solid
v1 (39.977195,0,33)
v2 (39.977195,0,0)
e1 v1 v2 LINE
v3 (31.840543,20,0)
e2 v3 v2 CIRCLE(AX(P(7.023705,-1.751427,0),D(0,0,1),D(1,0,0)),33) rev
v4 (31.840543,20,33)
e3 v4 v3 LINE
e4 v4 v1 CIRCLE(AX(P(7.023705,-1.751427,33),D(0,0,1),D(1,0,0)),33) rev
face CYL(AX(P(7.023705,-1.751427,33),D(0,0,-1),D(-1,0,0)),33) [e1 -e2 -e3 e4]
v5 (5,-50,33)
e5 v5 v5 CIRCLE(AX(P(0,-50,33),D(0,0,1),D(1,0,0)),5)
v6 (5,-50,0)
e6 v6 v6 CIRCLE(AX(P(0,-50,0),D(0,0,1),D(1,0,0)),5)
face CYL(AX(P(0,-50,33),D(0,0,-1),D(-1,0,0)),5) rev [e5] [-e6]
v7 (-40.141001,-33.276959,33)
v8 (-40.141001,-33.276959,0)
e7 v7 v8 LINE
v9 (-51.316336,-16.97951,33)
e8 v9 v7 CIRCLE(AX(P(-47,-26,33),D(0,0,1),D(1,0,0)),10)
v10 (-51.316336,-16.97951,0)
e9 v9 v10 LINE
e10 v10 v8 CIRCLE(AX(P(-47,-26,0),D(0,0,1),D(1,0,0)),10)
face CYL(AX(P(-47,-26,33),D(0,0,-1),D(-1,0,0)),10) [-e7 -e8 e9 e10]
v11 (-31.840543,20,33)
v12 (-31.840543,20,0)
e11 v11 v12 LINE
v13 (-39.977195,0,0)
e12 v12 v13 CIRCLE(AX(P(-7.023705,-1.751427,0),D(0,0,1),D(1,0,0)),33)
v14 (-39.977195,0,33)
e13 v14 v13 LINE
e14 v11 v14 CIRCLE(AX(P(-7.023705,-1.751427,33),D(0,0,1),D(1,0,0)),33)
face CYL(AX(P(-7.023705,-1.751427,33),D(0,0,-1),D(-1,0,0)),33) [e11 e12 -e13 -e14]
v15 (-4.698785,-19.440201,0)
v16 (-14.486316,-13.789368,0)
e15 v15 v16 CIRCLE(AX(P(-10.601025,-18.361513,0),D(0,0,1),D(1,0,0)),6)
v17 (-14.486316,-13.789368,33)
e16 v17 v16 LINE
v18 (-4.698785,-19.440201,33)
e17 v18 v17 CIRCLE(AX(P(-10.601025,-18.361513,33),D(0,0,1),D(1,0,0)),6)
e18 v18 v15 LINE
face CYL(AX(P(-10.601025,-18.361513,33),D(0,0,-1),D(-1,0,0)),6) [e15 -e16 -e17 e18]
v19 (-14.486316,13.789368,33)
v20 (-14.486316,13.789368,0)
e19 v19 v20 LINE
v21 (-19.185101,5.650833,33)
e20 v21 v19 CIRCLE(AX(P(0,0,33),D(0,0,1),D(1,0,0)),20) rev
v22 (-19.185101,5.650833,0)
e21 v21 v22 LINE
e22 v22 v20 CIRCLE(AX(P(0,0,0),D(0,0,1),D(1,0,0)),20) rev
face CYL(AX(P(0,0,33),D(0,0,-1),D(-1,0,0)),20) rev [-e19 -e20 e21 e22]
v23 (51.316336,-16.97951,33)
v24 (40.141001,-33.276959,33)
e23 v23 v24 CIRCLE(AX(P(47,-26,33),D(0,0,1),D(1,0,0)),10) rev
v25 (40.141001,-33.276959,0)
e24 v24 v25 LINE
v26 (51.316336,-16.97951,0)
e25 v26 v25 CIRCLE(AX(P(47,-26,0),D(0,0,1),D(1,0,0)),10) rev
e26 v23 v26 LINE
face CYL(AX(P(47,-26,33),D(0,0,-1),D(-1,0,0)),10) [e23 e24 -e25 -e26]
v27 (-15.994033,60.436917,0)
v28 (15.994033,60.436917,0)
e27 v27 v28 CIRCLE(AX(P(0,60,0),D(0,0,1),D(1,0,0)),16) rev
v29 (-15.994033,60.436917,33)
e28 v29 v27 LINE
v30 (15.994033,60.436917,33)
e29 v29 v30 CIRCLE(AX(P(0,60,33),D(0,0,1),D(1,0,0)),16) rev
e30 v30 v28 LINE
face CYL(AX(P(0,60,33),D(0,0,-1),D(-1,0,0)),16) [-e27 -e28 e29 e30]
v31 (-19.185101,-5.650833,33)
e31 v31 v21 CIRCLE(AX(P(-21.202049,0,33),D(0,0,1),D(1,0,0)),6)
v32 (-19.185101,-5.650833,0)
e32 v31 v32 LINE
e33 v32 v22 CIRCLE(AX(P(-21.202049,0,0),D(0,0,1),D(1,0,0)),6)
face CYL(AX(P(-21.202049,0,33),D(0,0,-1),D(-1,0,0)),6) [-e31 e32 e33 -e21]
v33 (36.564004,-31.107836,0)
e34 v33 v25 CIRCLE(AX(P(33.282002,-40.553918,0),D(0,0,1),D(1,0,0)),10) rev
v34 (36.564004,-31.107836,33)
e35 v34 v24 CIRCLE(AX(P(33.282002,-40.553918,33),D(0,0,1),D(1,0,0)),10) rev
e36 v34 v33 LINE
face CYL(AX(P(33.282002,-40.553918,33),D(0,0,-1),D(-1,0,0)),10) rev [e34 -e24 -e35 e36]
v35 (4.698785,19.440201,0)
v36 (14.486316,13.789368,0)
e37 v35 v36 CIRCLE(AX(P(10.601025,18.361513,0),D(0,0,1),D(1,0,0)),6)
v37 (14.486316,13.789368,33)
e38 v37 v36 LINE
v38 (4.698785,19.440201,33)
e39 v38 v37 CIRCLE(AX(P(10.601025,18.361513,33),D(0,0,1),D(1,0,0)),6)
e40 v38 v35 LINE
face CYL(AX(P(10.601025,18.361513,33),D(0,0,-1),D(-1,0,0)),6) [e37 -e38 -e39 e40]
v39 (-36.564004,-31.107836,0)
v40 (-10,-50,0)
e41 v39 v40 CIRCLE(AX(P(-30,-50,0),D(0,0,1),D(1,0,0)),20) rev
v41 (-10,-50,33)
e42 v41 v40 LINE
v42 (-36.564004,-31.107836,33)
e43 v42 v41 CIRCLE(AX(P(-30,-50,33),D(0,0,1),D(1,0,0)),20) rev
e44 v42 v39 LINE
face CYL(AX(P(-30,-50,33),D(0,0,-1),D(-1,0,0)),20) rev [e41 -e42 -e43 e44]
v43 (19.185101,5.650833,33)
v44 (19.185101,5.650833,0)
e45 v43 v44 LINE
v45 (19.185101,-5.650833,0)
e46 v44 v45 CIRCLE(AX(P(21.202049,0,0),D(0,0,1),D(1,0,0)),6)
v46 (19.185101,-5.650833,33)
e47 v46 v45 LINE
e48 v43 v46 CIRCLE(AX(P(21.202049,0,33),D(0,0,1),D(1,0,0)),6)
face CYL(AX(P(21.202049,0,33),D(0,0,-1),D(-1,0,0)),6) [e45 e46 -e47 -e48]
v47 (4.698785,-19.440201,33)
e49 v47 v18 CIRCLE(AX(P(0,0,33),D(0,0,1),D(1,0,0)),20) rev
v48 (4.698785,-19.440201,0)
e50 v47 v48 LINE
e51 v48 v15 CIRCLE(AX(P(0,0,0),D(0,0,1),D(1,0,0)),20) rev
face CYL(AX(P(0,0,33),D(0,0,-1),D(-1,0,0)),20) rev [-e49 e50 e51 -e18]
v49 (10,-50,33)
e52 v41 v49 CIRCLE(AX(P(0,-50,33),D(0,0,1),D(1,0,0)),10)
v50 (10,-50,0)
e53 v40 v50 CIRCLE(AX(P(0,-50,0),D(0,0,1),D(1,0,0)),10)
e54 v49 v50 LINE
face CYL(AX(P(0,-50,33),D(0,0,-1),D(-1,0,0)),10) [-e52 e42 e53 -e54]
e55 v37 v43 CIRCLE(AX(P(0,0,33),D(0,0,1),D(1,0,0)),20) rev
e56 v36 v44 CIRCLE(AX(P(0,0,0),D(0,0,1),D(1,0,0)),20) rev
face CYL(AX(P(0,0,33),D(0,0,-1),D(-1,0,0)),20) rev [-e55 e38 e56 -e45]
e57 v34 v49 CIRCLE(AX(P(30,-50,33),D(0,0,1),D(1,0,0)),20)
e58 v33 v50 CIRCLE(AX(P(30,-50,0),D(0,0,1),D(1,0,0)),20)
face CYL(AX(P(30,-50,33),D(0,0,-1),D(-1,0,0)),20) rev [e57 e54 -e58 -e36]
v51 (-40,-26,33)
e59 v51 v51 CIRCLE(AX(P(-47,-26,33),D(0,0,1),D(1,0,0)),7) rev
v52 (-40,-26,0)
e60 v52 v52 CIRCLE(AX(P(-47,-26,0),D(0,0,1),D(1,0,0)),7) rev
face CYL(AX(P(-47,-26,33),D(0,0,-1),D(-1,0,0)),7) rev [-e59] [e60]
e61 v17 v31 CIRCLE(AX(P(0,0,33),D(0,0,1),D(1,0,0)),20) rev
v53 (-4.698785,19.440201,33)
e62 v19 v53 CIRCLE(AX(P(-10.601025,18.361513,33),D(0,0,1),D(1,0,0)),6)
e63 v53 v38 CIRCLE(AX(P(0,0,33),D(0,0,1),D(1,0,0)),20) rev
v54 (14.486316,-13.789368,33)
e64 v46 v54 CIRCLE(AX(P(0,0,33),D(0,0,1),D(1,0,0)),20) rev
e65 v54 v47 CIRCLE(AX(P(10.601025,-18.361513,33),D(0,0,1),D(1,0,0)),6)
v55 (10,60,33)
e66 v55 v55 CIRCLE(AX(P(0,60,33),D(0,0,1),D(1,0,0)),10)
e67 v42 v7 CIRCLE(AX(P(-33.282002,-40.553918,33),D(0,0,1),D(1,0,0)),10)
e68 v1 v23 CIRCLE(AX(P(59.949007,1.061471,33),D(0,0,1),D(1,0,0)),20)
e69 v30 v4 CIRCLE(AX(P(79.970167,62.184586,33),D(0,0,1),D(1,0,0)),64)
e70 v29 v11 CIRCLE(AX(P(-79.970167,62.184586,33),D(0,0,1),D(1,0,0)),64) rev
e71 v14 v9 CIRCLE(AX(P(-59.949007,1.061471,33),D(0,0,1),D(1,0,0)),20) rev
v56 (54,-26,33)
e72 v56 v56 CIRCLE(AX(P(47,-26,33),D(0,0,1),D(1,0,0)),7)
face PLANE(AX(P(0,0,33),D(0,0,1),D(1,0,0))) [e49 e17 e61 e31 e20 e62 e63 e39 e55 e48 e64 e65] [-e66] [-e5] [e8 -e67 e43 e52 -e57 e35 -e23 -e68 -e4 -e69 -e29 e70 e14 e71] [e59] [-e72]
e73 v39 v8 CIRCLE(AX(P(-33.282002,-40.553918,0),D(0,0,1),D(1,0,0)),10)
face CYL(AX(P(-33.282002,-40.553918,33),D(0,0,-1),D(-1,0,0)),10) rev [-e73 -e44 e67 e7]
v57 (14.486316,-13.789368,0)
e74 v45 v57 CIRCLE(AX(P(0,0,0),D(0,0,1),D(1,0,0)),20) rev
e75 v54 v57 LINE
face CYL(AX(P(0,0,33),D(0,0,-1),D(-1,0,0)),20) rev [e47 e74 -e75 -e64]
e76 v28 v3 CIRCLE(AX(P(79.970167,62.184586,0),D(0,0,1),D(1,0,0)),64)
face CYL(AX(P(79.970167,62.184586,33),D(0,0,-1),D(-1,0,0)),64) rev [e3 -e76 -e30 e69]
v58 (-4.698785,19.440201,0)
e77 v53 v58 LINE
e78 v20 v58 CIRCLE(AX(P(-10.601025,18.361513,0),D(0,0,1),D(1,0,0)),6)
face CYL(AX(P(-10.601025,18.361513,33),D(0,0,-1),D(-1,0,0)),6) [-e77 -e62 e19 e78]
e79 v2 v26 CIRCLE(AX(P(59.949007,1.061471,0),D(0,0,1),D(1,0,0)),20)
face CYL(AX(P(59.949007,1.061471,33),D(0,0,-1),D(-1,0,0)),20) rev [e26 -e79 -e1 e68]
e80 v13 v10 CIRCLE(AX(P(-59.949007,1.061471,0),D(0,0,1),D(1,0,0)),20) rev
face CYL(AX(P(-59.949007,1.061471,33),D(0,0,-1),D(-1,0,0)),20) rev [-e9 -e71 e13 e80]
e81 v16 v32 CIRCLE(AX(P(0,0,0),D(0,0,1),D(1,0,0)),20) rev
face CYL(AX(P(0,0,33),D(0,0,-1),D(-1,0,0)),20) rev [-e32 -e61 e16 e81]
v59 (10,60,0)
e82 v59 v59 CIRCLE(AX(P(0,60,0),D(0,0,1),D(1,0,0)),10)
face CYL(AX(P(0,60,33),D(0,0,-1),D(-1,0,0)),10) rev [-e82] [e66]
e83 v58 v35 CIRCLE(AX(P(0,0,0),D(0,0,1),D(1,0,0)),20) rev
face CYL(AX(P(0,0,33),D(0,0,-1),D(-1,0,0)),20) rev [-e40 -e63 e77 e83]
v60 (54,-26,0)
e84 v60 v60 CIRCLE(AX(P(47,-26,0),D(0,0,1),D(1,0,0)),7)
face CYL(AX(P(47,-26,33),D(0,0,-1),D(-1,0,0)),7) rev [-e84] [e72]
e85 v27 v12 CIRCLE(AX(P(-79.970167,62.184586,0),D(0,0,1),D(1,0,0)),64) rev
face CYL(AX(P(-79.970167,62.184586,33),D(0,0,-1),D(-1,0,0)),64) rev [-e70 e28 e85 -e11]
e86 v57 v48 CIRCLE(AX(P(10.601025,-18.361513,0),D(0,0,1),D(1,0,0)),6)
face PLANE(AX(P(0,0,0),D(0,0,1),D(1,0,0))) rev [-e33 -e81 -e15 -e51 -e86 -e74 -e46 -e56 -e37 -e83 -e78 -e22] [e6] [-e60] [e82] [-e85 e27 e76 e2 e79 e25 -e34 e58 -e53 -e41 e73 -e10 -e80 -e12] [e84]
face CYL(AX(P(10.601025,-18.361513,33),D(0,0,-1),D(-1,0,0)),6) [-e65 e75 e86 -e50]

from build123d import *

# Parameters (mm, degrees)
SKETCH1_R           = 7
SKETCH1_R_2         = 5
SKETCH1_R_3         = 10
BOSS_EXTRUDE1_DEPTH = 33


with BuildPart() as part:
    # Sketch1 → Boss-Extrude1 (new body)
    with BuildSketch(Plane.XY):
        with BuildLine():
            ThreePointArc((15.994033369, 60.436917155), (0, 76), (-15.994033369, 60.436917155))
            ThreePointArc((-15.994033369, 60.436917155), (-20.382321677, 38.833168081), (-31.840542672, 20))
            ThreePointArc((-31.840542672, 20), (-37.590888328, 10.684300366), (-39.97719521, 0))
            ThreePointArc((-39.97719521, 0), (-43.316807871, -10.045731282), (-51.316335778, -16.979509689))
            ThreePointArc((-51.316335778, -16.979509689), (-55.247302477, -31.655263199), (-40.141001052, -33.276959078))
            ThreePointArc((-40.141001052, -33.276959078), (-38.467197276, -32.003260227), (-36.564004207, -31.107836313))
            ThreePointArc((-36.564004207, -31.107836313), (-18.40862571, -33.701532524), (-10, -50))
            ThreePointArc((-10, -50), (0, -60), (10, -50))
            ThreePointArc((10, -50), (18.40862571, -33.701532524), (36.564004207, -31.107836313))
            ThreePointArc((36.564004207, -31.107836313), (38.467197276, -32.003260227), (40.141001052, -33.276959078))
            ThreePointArc((40.141001052, -33.276959078), (55.247302477, -31.655263199), (51.316335778, -16.979509689))
            ThreePointArc((51.316335778, -16.979509689), (43.316807871, -10.045731282), (39.97719521, 0))
            ThreePointArc((39.97719521, 0), (37.590888328, 10.684300366), (31.840542672, 20))
            ThreePointArc((31.840542672, 20), (20.382321677, 38.833168081), (15.994033369, 60.436917155))
        make_face()
        with Locations((-47, -26)):
            Circle(SKETCH1_R, mode=Mode.SUBTRACT)
        with Locations((0, -50)):
            Circle(SKETCH1_R_2, mode=Mode.SUBTRACT)
        with BuildLine():
            ThreePointArc((-14.486315543, 13.789367716), (-7.601024573, 13.16536075), (-4.698784972, 19.440201125))
            ThreePointArc((-4.698784972, 19.440201125), (0, 20), (4.698784972, 19.440201125))
            ThreePointArc((4.698784972, 19.440201125), (7.601024573, 13.16536075), (14.486315543, 13.789367716))
            ThreePointArc((14.486315543, 13.789367716), (17.320508076, 10), (19.185100515, 5.65083341))
            ThreePointArc((19.185100515, 5.65083341), (15.202049146, 0), (19.185100515, -5.65083341))
            ThreePointArc((19.185100515, -5.65083341), (17.320508076, -10), (14.486315543, -13.789367716))
            ThreePointArc((14.486315543, -13.789367716), (7.601024573, -13.16536075), (4.698784972, -19.440201125))
            ThreePointArc((4.698784972, -19.440201125), (0, -20), (-4.698784972, -19.440201125))
            ThreePointArc((-4.698784972, -19.440201125), (-7.601024573, -13.16536075), (-14.486315543, -13.789367716))
            ThreePointArc((-14.486315543, -13.789367716), (-17.320508076, -10), (-19.185100515, -5.65083341))
            ThreePointArc((-19.185100515, -5.65083341), (-15.202049146, 0), (-19.185100515, 5.65083341))
            ThreePointArc((-19.185100515, 5.65083341), (-17.320508076, 10), (-14.486315543, 13.789367716))
        make_face(mode=Mode.SUBTRACT)
        with Locations((47, -26)):
            Circle(SKETCH1_R, mode=Mode.SUBTRACT)
        with Locations((0, 60)):
            Circle(SKETCH1_R_3, mode=Mode.SUBTRACT)
    extrude(amount=BOSS_EXTRUDE1_DEPTH)


solid = part.part
